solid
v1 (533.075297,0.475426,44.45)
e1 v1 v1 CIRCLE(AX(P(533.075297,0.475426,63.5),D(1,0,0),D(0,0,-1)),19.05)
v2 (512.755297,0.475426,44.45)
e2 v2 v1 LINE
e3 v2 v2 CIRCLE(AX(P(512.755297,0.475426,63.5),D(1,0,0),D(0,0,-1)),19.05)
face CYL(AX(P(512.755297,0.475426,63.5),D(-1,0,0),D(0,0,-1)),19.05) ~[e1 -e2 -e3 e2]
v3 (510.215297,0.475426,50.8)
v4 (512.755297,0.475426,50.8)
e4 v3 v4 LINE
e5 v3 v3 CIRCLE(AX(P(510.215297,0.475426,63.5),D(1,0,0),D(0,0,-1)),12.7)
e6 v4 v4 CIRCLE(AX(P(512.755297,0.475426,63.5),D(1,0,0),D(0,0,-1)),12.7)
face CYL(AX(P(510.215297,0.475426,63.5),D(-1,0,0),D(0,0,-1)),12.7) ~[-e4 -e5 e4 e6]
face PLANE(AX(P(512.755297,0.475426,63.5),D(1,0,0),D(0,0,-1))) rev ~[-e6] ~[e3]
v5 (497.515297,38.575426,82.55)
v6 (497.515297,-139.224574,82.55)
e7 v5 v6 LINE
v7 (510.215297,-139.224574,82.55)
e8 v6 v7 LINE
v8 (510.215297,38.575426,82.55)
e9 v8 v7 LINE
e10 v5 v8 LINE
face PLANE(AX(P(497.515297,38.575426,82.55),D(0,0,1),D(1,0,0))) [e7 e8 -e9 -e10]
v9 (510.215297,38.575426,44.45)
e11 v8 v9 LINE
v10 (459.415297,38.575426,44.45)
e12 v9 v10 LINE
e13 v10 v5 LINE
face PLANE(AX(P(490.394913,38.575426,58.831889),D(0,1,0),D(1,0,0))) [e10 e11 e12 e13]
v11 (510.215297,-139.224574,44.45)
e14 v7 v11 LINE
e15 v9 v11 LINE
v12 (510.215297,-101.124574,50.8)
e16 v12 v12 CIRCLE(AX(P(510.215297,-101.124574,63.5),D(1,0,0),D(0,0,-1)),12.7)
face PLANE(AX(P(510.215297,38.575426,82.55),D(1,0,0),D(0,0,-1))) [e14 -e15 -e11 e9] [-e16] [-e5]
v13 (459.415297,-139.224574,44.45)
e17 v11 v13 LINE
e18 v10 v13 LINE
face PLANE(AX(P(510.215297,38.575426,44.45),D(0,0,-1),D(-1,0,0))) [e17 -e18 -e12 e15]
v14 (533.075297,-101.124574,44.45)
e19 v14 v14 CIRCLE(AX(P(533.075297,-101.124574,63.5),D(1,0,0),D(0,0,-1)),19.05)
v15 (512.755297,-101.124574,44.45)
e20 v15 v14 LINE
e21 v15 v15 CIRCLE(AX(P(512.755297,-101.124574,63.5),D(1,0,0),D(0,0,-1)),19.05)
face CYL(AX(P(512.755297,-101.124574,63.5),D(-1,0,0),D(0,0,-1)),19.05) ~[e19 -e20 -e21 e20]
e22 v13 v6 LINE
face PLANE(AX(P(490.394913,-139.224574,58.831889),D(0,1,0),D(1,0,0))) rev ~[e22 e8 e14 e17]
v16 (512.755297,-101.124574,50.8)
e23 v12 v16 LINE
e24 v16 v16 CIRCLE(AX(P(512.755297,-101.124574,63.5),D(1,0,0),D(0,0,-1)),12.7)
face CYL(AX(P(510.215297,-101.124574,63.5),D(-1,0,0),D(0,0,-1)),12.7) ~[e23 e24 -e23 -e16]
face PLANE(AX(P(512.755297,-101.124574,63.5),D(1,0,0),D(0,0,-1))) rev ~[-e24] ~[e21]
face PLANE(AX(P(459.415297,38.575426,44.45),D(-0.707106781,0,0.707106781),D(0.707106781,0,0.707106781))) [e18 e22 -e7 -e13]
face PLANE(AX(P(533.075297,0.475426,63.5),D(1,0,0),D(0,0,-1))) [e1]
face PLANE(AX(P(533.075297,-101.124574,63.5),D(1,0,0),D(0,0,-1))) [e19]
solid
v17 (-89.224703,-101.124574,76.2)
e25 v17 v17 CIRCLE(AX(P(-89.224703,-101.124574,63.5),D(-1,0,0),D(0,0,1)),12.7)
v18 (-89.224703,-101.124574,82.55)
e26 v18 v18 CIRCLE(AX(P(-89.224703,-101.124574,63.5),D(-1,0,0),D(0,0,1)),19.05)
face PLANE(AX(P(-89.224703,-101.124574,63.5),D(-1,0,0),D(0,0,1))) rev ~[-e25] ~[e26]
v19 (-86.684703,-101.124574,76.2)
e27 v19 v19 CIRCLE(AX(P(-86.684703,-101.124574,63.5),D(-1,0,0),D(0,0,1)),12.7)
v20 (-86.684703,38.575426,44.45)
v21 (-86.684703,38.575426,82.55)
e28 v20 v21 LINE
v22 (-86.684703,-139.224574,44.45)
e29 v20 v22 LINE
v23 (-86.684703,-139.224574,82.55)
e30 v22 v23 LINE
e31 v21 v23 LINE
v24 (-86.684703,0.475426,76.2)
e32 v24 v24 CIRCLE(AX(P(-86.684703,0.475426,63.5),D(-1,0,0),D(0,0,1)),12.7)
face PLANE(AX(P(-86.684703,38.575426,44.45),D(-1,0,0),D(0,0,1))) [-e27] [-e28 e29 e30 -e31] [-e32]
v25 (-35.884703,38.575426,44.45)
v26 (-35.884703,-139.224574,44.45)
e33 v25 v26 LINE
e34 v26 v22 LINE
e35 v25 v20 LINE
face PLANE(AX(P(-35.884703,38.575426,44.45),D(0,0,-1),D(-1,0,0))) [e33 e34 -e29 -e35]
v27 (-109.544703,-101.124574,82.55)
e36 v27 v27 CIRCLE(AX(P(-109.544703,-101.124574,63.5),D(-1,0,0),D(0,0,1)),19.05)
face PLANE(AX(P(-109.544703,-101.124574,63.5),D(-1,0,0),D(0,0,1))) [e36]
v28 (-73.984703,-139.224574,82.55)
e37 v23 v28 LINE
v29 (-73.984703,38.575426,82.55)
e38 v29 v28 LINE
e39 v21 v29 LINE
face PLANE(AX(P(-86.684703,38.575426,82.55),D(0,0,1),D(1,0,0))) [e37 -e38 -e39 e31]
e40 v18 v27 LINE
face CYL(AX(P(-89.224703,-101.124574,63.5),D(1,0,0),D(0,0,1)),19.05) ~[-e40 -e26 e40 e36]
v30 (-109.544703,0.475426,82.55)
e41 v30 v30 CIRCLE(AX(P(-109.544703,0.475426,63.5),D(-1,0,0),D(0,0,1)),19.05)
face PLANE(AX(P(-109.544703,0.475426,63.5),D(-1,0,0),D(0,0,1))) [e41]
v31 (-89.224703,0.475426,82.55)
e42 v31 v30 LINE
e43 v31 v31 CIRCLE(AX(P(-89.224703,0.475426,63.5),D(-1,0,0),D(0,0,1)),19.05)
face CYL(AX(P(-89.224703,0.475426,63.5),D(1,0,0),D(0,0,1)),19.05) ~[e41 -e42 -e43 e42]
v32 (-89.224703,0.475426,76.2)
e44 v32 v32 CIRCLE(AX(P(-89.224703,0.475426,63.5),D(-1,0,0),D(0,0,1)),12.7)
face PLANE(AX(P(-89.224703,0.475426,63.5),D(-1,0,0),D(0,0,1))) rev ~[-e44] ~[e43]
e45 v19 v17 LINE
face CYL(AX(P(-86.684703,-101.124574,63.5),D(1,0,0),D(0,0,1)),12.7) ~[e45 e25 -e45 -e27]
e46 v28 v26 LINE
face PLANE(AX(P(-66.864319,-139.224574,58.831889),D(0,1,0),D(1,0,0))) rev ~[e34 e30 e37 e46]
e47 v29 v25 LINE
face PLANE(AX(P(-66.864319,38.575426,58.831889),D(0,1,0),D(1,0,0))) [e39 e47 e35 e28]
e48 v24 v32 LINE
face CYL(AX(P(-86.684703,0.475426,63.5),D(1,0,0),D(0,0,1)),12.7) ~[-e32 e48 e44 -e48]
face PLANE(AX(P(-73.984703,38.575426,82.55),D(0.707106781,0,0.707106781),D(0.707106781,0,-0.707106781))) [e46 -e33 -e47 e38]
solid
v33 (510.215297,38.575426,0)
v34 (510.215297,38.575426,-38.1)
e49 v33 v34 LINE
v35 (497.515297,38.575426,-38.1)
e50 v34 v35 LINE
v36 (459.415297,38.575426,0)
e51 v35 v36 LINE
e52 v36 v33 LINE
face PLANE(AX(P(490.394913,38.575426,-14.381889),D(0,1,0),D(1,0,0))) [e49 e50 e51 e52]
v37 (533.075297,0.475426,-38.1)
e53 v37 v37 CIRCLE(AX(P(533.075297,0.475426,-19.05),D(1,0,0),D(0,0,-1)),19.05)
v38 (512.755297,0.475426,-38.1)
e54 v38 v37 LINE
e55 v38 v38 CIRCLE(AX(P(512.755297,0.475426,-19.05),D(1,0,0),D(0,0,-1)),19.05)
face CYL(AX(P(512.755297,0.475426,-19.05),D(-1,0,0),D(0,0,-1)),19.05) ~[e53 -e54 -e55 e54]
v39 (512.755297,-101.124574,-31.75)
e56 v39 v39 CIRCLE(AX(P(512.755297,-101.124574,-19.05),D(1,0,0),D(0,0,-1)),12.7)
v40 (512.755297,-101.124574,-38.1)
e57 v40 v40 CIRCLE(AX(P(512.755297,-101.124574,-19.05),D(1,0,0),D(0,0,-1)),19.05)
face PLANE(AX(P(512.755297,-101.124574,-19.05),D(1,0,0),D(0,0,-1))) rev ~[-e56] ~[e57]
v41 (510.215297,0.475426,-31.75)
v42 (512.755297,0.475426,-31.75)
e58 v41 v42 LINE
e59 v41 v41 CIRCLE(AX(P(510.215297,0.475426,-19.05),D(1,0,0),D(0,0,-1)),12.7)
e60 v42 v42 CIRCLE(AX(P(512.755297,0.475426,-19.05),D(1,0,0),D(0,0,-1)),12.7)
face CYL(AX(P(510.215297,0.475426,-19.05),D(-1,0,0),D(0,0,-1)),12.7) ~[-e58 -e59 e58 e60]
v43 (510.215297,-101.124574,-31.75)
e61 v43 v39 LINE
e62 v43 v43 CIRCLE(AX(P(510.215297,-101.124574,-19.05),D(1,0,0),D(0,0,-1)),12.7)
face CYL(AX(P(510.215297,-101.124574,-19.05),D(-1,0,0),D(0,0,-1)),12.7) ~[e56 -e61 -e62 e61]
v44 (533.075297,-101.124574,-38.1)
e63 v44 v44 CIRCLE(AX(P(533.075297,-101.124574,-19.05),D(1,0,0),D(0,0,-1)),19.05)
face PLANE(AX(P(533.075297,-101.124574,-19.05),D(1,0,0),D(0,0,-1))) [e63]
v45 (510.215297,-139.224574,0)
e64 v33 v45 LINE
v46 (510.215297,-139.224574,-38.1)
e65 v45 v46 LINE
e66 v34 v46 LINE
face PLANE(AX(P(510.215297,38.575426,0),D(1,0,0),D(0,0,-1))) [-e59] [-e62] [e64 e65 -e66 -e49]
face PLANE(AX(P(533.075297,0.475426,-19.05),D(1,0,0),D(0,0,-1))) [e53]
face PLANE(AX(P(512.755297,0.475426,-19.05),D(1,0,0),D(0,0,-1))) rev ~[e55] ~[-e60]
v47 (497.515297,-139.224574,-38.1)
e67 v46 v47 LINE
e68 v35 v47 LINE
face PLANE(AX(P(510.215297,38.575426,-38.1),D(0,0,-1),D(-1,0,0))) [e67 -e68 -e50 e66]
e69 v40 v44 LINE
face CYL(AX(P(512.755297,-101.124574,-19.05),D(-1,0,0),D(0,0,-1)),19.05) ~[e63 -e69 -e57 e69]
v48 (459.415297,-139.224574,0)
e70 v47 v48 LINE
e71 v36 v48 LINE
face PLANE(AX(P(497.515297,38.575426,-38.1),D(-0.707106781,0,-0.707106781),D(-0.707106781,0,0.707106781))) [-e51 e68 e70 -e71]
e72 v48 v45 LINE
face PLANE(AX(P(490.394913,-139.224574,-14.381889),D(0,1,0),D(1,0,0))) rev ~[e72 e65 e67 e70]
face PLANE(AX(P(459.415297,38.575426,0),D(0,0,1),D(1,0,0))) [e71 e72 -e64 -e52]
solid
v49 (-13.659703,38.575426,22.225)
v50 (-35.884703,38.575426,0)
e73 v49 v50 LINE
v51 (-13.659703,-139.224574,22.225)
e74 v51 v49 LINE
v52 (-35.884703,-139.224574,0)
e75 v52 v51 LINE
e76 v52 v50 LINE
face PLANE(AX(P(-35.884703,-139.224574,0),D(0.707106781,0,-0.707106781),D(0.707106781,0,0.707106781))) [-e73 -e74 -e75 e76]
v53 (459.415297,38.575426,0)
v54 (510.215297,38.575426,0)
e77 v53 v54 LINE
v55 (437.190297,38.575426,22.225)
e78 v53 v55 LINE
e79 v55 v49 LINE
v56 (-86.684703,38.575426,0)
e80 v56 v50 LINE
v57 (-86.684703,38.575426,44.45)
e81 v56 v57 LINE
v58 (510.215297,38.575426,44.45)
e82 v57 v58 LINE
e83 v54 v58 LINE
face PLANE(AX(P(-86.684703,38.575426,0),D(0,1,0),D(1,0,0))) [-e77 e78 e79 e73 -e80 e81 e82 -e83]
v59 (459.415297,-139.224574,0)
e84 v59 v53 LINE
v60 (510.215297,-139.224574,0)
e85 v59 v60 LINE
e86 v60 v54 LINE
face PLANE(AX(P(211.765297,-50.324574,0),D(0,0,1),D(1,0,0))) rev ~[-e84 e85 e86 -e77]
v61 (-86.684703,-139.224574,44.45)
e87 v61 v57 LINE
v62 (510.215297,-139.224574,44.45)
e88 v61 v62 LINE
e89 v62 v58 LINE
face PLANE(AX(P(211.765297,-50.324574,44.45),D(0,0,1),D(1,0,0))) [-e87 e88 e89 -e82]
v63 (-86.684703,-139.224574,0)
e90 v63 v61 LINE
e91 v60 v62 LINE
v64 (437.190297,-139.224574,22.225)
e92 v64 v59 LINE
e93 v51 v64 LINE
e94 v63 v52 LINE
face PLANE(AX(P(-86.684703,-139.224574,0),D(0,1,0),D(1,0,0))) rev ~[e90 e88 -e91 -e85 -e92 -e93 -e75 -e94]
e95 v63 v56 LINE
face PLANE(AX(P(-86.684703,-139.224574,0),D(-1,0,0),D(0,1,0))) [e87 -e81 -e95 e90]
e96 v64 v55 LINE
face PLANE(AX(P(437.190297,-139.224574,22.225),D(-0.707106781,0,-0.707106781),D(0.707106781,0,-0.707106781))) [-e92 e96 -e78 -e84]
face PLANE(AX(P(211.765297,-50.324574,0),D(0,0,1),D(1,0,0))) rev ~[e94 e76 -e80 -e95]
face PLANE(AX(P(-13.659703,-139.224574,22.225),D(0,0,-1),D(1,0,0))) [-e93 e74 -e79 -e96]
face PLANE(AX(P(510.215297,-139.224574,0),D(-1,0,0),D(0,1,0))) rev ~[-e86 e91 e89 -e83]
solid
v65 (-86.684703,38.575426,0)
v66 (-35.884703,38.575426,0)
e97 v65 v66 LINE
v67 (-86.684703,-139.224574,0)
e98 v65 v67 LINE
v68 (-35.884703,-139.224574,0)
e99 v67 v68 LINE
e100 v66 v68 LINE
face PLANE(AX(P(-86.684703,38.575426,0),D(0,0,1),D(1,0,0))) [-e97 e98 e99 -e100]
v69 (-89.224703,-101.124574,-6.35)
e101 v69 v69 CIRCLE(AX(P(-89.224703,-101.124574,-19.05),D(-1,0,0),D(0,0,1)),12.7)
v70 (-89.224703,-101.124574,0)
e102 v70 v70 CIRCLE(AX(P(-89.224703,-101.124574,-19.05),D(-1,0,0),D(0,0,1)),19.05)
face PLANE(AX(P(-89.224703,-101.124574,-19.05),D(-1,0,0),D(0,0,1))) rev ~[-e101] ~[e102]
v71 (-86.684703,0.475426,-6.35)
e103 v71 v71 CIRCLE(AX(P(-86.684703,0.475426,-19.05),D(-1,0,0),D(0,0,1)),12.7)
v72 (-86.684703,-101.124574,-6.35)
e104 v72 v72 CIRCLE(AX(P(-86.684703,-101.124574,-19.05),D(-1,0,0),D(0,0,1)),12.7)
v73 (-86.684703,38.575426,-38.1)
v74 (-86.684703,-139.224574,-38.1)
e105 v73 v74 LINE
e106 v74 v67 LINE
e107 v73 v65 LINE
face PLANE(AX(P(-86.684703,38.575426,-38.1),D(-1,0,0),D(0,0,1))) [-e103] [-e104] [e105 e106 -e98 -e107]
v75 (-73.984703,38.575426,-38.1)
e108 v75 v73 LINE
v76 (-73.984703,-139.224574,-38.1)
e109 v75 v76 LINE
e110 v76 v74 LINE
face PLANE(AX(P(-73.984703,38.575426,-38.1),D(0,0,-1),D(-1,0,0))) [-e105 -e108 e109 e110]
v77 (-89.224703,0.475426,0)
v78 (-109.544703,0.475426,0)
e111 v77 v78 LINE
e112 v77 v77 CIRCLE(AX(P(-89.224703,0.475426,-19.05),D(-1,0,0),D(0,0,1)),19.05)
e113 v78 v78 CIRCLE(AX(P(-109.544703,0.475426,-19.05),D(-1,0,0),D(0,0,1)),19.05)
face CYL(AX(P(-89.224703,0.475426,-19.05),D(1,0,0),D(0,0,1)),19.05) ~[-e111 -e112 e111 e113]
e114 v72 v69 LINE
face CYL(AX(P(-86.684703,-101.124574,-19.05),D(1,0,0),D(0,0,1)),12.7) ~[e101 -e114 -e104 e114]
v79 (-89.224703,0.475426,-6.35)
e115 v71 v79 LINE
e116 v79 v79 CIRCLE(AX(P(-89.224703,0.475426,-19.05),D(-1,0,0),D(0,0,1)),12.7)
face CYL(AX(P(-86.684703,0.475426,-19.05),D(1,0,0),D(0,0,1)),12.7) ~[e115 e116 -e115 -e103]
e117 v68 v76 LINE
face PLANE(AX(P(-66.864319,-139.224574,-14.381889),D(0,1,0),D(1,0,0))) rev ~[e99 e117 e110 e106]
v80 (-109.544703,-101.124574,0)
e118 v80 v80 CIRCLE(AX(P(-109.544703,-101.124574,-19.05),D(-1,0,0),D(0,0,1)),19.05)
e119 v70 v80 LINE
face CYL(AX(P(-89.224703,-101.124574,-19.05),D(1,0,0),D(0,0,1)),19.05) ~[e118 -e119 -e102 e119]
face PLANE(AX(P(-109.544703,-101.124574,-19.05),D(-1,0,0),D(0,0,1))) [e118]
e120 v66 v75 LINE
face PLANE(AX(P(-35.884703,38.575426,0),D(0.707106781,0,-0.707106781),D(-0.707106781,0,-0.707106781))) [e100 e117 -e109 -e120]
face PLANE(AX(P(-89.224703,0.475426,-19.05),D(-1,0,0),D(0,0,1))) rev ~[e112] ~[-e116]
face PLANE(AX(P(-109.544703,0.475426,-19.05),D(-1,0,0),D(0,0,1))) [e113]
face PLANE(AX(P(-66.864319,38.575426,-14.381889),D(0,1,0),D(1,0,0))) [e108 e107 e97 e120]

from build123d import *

# Parameters (mm, degrees)
SKETCH1_W             = 596.9
SKETCH1_H             = 177.8
BOSS_EXTRUDE1_DEPTH   = 44.45
BOSS_EXTRUDE2_DEPTH   = 177.8
BOSS_EXTRUDE2_2_DEPTH = 177.8
BOSS_EXTRUDE2_3_DEPTH = 177.8
BOSS_EXTRUDE2_4_DEPTH = 177.8
SKETCH3_R             = 12.7
BOSS_EXTRUDE3_DEPTH   = 2.54
SKETCH4_R             = 19.05
BOSS_EXTRUDE4_DEPTH   = 20.32
SKETCH5_R             = 19.05
BOSS_EXTRUDE5_DEPTH   = 20.32
SKETCH6_R             = 19.05
BOSS_EXTRUDE6_DEPTH   = 20.32
SKETCH7_R             = 19.05
BOSS_EXTRUDE7_DEPTH   = 20.32
SKETCH8_R             = 12.7
BOSS_EXTRUDE8_DEPTH   = 2.54
SKETCH9_R             = 19.05
BOSS_EXTRUDE9_DEPTH   = 20.32
SKETCH10_R            = 19.05
BOSS_EXTRUDE10_DEPTH  = 20.32
SKETCH11_R            = 19.05
BOSS_EXTRUDE11_DEPTH  = 20.32
SKETCH12_R            = 19.05
BOSS_EXTRUDE12_DEPTH  = 20.32
CUT_EXTRUDE1_DEPTH    = 304.8


with BuildPart() as part:
    # Sketch1 → Boss-Extrude1 (new body)
    with BuildSketch(Plane.XY):
        with Locations((211.765296898, -50.324573746)):
            Rectangle(SKETCH1_W, SKETCH1_H)
    extrude(amount=BOSS_EXTRUDE1_DEPTH)

    # Sketch13 → Cut-Extrude1 (cut)
    with BuildSketch(Plane.XZ.offset(139.224573746)):
        Polygon((459.415296898, 0), (-35.884703102, 0), (-13.659703102, 22.225), (437.190296898, 22.225), align=None)
    extrude(amount=-CUT_EXTRUDE1_DEPTH, mode=Mode.SUBTRACT)


with BuildPart() as body_2:
    # Sketch2 → Boss-Extrude2 (new body)
    with BuildSketch(Plane(origin=(0, 38.575426254, 0), x_dir=(1, 0, 0), z_dir=(0, 1, 0))):
        Polygon((497.515296898, -82.55), (510.215296898, -82.55), (510.215296898, -44.45), (459.415296898, -44.45), align=None)
    extrude(amount=-BOSS_EXTRUDE2_DEPTH)



with BuildPart() as body_3:
    # Sketch2 → Boss-Extrude2 2 (new body)
    with BuildSketch(Plane(origin=(0, 38.575426254, 0), x_dir=(1, 0, 0), z_dir=(0, 1, 0))):
        Polygon((459.415296898, 0), (510.215296898, 0), (510.215296898, 38.1), (497.515296898, 38.1), align=None)
    extrude(amount=-BOSS_EXTRUDE2_2_DEPTH)


with BuildPart() as body_4:
    # Sketch2 → Boss-Extrude2 3 (new body)
    with BuildSketch(Plane(origin=(0, 38.575426254, 0), x_dir=(1, 0, 0), z_dir=(0, 1, 0))):
        Polygon((-86.684703102, 38.1), (-86.684703102, 0), (-35.884703102, 0), (-73.984703102, 38.1), align=None)
    extrude(amount=-BOSS_EXTRUDE2_3_DEPTH)



with BuildPart() as body_5:
    # Sketch2 → Boss-Extrude2 4 (new body)
    with BuildSketch(Plane(origin=(0, 38.575426254, 0), x_dir=(1, 0, 0), z_dir=(0, 1, 0))):
        Polygon((-35.884703102, -44.45), (-86.684703102, -44.45), (-86.684703102, -82.55), (-73.984703102, -82.55), align=None)
    extrude(amount=-BOSS_EXTRUDE2_4_DEPTH)


with BuildPart() as body_2_1:
    add(body_2.part)

    add(body_3.part)  # Boss-Extrude3 merges body 3
    # Sketch3 → Boss-Extrude3 (add)
    with BuildSketch(Plane(origin=(510.215296898, 0, 0), x_dir=(0, 0, -1), z_dir=(1, 0, 0))):
        with Locations((-63.5, 0.475426254)):
            Circle(SKETCH3_R)
        with Locations((19.05, 0.475426254)):
            Circle(SKETCH3_R)
        with Locations((-63.5, -101.124573746)):
            Circle(SKETCH3_R)
        with Locations((19.05, -101.124573746)):
            Circle(SKETCH3_R)
    extrude(amount=BOSS_EXTRUDE3_DEPTH)

    # Sketch4 → Boss-Extrude4 (add)
    with BuildSketch(Plane(origin=(512.755296898, 0, 0), x_dir=(0, 0, -1), z_dir=(1, 0, 0))):
        with Locations((-63.5, 0.475426254)):
            Circle(SKETCH4_R)
    extrude(amount=BOSS_EXTRUDE4_DEPTH)

    # Sketch5 → Boss-Extrude5 (add)
    with BuildSketch(Plane(origin=(512.755296898, 0, 0), x_dir=(0, 0, -1), z_dir=(1, 0, 0))):
        with Locations((19.05, 0.475426254)):
            Circle(SKETCH5_R)
    extrude(amount=BOSS_EXTRUDE5_DEPTH)

    # Sketch6 → Boss-Extrude6 (add)
    with BuildSketch(Plane(origin=(512.755296898, 0, 0), x_dir=(0, 0, -1), z_dir=(1, 0, 0))):
        with Locations((19.05, -101.124573746)):
            Circle(SKETCH6_R)
    extrude(amount=BOSS_EXTRUDE6_DEPTH)

    # Sketch7 → Boss-Extrude7 (add)
    with BuildSketch(Plane(origin=(512.755296898, 0, 0), x_dir=(0, 0, -1), z_dir=(1, 0, 0))):
        with Locations((-63.5, -101.124573746)):
            Circle(SKETCH7_R)
    extrude(amount=BOSS_EXTRUDE7_DEPTH)


with BuildPart() as body_4_1:
    add(body_4.part)

    add(body_5.part)  # Boss-Extrude8 merges body 5
    # Sketch8 → Boss-Extrude8 (add)
    with BuildSketch(Plane.ZY.offset(86.684703102)):
        with Locations((-19.05, -101.124573746)):
            Circle(SKETCH8_R)
        with Locations((-19.05, 0.475426254)):
            Circle(SKETCH8_R)
        with Locations((63.5, 0.475426254)):
            Circle(SKETCH8_R)
        with Locations((63.5, -101.124573746)):
            Circle(SKETCH8_R)
    extrude(amount=BOSS_EXTRUDE8_DEPTH)

    # Sketch9 → Boss-Extrude9 (add)
    with BuildSketch(Plane.ZY.offset(89.224703102)):
        with Locations((63.5, -101.124573746)):
            Circle(SKETCH9_R)
    extrude(amount=BOSS_EXTRUDE9_DEPTH)

    # Sketch10 → Boss-Extrude10 (add)
    with BuildSketch(Plane.ZY.offset(89.224703102)):
        with Locations((63.5, 0.475426254)):
            Circle(SKETCH10_R)
    extrude(amount=BOSS_EXTRUDE10_DEPTH)

    # Sketch11 → Boss-Extrude11 (add)
    with BuildSketch(Plane.ZY.offset(89.224703102)):
        with Locations((-19.05, -101.124573746)):
            Circle(SKETCH11_R)
    extrude(amount=BOSS_EXTRUDE11_DEPTH)

    # Sketch12 → Boss-Extrude12 (add)
    with BuildSketch(Plane.ZY.offset(89.224703102)):
        with Locations((-19.05, 0.475426254)):
            Circle(SKETCH12_R)
    extrude(amount=BOSS_EXTRUDE12_DEPTH)


solid = Compound([part.part, body_2_1.part, body_4_1.part])
